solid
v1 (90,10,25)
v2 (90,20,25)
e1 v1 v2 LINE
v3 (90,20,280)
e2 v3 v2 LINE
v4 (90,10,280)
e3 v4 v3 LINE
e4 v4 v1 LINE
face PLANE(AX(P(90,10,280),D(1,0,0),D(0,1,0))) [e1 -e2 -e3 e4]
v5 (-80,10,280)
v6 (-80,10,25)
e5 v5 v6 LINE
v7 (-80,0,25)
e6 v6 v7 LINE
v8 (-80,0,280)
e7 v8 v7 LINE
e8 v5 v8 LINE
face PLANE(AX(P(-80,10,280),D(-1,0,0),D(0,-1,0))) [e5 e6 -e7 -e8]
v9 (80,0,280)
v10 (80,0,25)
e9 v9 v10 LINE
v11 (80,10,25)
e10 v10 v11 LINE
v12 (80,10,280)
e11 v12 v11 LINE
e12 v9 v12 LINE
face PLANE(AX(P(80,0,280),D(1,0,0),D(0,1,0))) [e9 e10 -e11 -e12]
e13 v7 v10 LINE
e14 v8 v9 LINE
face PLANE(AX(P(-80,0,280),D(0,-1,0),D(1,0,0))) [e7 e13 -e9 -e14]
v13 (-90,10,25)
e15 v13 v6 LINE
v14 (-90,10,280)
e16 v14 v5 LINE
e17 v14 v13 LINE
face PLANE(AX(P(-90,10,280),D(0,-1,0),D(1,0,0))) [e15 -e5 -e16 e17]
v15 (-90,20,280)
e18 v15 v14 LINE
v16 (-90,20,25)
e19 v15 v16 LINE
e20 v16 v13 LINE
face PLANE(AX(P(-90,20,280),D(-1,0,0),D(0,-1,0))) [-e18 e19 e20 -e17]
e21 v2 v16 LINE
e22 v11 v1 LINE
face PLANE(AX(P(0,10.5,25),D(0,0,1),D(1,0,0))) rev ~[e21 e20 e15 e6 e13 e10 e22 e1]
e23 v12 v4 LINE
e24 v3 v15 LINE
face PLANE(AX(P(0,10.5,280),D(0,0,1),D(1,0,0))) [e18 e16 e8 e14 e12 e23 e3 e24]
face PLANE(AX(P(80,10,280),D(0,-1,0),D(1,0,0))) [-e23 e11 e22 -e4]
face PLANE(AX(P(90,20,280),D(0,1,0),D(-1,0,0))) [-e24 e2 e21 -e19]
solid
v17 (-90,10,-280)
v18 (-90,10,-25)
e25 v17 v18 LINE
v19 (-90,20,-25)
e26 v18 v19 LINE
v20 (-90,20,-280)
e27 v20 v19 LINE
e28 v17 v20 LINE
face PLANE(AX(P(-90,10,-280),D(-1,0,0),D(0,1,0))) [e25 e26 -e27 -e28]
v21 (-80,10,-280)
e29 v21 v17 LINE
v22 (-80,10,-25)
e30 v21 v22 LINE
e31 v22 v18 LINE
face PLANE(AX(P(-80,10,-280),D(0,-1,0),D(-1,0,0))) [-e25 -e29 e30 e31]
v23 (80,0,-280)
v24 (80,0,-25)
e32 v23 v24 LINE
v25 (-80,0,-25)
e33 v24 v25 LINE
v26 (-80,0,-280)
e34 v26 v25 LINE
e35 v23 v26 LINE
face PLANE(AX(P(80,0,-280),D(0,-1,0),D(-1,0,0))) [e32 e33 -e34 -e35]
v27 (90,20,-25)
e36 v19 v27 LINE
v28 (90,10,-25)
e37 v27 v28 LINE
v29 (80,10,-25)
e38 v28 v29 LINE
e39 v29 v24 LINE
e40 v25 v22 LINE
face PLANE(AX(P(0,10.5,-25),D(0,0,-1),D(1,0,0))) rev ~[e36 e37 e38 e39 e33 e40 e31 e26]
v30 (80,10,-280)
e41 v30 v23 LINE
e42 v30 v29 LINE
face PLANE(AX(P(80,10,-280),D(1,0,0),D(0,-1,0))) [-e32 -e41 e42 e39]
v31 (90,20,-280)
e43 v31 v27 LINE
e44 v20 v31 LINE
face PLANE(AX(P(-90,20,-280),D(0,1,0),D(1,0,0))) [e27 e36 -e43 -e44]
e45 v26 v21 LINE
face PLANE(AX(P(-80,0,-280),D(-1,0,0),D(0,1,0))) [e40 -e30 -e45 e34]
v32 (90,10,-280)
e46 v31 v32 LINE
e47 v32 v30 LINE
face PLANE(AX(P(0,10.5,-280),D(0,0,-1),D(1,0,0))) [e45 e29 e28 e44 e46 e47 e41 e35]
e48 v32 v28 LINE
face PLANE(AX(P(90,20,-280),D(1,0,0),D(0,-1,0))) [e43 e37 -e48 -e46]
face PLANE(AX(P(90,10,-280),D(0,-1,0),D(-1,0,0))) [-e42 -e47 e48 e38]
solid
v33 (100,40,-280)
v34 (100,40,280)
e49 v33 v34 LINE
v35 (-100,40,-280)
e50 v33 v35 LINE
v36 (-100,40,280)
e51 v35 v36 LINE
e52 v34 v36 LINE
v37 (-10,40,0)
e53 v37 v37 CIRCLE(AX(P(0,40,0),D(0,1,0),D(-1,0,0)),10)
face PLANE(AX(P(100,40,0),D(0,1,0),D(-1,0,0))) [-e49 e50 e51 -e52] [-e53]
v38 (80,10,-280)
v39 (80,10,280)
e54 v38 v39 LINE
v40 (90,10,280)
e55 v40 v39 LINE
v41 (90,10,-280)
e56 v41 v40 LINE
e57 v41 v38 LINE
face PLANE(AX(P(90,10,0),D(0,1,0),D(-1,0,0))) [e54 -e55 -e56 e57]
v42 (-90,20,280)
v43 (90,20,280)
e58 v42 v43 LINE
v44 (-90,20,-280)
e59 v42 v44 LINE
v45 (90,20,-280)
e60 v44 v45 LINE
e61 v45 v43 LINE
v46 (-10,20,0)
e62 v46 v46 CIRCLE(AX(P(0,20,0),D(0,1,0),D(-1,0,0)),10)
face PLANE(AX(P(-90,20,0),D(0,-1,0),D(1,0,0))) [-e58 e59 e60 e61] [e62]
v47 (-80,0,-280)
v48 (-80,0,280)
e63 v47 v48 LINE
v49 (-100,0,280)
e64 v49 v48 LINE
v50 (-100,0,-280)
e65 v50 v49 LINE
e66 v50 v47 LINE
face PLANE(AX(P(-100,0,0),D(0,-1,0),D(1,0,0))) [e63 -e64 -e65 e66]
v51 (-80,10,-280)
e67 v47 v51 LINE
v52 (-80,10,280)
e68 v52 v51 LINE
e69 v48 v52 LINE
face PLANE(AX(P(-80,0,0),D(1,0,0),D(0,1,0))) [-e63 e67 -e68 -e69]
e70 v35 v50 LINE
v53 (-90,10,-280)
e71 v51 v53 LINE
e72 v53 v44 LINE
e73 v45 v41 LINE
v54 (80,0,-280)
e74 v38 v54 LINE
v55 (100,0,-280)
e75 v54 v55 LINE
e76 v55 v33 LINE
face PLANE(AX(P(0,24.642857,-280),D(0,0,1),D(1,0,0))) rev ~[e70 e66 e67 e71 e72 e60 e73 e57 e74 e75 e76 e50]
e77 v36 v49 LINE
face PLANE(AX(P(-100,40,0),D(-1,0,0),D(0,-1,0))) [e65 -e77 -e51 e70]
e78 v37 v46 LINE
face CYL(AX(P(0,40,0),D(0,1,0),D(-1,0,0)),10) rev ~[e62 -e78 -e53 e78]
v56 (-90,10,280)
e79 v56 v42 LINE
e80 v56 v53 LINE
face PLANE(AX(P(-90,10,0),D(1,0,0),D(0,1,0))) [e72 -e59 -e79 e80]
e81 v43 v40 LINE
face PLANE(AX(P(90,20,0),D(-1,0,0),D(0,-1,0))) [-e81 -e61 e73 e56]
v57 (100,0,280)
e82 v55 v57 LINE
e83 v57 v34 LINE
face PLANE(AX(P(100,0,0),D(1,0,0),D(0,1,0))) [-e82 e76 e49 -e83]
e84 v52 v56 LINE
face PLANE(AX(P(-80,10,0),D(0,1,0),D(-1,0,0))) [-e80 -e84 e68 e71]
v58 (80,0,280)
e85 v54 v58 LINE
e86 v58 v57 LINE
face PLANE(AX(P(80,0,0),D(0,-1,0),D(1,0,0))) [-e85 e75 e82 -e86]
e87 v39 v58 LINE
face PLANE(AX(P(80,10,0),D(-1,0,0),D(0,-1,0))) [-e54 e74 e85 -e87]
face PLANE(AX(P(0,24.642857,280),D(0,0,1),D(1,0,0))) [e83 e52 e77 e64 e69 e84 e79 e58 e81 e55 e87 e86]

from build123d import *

# Parameters (mm, degrees)
F1_DEPTH      = 280
F1_DEPTH_BACK = 280
F2_R          = 10
F3_DEPTH      = 20
F5_DEPTH      = 255
F7_DEPTH      = 255


with BuildPart() as f1:
    # F0 (on Top) → F1 (new body, two sides)
    with BuildSketch(Plane.XY) as f1_sk:
        Polygon((-90, 20), (0, 20), (90, 20), (90, 10), (80, 10), (80, 0), (100, 0), (100, 40), (0, 40), (-100, 40), (-100, 0), (-80, 0), (-80, 10), (-90, 10), align=None)
    extrude(amount=F1_DEPTH)
    extrude(f1_sk.sketch, amount=-F1_DEPTH_BACK)

    # F2 (on face) → F3 (cut)
    with BuildSketch(Plane(origin=(0, 40, 0), x_dir=(-1, 0, 0), z_dir=(0, 1, 0))):
        Circle(F2_R)
    extrude(amount=-F3_DEPTH, mode=Mode.SUBTRACT)


with BuildPart() as f5:
    # F4 (on face) → F5 (new body)
    with BuildSketch(Plane.XY.offset(280)):
        Polygon((90, 20), (-90, 20), (-90, 10), (-80, 10), (-80, 0), (80, 0), (80, 10), (90, 10), align=None)
    extrude(amount=-F5_DEPTH)


with BuildPart() as f7:
    # F6 (on face) → F7 (new body)
    with BuildSketch(Plane(origin=(0, 0, -280), x_dir=(1, 0, 0), z_dir=(0, 0, -1))):
        Polygon((80, 0), (-80, 0), (-80, -10), (-90, -10), (-90, -20), (90, -20), (90, -10), (80, -10), align=None)
    extrude(amount=-F7_DEPTH)


solid = Compound([f1.part, f5.part, f7.part])
